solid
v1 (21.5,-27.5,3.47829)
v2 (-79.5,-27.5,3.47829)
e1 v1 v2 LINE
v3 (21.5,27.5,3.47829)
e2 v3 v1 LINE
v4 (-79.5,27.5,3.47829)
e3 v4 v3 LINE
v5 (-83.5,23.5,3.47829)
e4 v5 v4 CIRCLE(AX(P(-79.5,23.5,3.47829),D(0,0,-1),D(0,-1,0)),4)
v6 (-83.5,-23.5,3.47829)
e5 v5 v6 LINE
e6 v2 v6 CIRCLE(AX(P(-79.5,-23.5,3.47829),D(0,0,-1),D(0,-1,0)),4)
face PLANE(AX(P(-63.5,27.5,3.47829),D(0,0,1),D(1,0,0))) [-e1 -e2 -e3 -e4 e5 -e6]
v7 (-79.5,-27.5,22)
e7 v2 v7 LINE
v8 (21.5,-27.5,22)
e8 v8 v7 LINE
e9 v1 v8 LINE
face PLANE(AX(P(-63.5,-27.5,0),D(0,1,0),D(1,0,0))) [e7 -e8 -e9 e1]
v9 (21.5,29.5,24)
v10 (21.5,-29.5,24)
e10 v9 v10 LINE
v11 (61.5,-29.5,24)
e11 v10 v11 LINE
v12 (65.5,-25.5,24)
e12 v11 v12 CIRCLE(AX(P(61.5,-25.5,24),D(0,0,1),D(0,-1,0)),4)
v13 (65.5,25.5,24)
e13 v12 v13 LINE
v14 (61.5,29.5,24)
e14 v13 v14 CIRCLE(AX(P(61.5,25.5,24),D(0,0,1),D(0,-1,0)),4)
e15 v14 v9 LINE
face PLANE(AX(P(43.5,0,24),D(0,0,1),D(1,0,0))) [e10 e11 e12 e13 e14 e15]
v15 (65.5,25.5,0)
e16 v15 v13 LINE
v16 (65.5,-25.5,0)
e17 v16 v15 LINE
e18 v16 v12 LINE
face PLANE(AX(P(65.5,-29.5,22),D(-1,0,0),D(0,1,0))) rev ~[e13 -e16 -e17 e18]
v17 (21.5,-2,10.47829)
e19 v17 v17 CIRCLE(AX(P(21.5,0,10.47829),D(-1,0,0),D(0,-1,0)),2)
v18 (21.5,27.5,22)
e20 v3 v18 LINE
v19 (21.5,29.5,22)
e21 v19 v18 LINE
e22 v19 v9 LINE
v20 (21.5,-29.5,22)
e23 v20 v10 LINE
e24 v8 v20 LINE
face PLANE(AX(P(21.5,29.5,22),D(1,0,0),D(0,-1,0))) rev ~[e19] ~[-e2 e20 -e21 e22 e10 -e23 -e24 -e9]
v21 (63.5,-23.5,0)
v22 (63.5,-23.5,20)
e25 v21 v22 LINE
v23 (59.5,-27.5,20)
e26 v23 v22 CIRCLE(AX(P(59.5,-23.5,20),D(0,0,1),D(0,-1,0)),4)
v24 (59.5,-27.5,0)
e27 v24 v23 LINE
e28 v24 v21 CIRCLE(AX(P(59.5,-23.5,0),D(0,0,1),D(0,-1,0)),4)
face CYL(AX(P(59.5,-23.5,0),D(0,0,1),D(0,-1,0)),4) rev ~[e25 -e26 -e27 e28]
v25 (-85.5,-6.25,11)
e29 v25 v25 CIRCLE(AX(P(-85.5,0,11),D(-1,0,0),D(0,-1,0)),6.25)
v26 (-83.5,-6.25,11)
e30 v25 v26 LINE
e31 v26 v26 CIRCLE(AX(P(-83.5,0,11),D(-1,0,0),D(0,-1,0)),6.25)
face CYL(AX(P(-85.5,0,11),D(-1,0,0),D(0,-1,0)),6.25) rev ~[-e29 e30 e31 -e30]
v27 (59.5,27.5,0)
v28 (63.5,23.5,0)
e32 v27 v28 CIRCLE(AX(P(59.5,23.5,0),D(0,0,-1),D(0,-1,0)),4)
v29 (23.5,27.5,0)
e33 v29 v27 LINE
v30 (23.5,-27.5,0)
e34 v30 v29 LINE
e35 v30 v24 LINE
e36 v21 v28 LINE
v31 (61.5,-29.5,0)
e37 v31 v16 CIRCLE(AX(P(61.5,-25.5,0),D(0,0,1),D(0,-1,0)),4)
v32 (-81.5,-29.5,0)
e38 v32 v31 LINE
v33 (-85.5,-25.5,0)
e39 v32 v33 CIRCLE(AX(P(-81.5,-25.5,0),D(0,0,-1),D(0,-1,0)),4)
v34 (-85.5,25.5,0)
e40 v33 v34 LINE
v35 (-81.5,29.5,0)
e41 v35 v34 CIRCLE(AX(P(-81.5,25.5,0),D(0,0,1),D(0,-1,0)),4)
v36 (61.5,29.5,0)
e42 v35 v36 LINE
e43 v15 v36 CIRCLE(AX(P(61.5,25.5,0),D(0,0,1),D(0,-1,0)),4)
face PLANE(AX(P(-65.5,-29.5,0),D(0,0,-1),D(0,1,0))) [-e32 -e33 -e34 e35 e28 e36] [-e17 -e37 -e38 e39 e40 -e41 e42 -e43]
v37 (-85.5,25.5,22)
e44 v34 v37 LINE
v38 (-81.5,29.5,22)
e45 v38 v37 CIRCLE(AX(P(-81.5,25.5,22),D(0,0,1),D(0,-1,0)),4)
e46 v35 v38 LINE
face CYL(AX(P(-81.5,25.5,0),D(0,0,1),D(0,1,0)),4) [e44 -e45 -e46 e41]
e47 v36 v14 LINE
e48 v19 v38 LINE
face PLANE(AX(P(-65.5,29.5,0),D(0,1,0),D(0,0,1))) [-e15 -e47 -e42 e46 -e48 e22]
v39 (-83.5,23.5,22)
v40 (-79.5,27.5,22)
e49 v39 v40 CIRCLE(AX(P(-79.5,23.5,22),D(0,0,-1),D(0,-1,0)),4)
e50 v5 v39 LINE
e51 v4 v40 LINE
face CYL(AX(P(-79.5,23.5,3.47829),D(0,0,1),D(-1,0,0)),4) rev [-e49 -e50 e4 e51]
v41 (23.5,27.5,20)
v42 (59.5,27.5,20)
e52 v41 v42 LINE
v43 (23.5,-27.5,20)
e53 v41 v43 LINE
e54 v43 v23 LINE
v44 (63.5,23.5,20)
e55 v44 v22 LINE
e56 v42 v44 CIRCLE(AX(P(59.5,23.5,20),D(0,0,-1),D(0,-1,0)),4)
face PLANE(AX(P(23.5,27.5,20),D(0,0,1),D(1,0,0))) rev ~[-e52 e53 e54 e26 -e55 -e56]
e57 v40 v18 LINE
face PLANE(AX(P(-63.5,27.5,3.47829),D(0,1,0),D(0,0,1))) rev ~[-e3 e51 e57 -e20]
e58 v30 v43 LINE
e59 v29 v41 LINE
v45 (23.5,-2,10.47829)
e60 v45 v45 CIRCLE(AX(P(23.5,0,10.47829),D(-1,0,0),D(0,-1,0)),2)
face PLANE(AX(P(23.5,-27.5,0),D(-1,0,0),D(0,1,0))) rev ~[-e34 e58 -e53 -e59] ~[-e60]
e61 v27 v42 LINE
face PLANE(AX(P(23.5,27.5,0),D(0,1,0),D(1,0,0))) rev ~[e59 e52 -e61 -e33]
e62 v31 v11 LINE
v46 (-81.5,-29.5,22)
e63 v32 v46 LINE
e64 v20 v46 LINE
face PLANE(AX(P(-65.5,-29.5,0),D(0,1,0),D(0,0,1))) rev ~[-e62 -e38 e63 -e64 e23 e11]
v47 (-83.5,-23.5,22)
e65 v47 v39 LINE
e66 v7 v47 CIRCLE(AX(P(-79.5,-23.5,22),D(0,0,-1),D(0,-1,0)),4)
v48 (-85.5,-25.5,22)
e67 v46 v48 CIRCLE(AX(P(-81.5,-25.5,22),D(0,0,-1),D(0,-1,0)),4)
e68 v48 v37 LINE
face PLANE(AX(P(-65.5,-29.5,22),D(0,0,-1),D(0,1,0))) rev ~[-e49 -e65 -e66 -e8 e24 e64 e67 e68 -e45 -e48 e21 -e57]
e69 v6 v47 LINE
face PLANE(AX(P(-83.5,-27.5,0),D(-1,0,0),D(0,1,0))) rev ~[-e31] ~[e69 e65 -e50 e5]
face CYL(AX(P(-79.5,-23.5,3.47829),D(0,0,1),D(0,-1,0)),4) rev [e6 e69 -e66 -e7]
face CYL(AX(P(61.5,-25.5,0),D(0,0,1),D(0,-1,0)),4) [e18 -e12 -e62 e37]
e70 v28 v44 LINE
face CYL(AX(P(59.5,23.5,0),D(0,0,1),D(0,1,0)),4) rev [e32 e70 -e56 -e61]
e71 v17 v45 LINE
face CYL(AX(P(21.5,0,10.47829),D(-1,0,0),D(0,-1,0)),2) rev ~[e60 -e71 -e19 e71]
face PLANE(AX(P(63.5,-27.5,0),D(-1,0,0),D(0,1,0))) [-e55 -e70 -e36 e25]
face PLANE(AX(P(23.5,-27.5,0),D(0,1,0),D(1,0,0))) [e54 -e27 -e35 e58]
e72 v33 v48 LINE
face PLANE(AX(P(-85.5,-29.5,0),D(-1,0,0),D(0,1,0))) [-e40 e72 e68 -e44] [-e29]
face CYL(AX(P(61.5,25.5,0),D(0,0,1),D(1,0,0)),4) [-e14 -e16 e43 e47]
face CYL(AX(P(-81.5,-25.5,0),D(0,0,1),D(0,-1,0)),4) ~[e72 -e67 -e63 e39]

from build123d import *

# Parameters (mm, degrees)
F0_W      = 131
F0_H      = 59
F0_W_2    = 85
F0_H_2    = 55
F0_W_3    = 40
F1_DEPTH  = 22
F2_W      = 40
F2_H      = 2
F3_DEPTH  = 55
F4_W      = 85
F4_H      = 3.4782900475
F5_DEPTH  = 55
F7_DEPTH  = 2
F8_R      = 2
F9_DEPTH  = 2
F10_R     = 4
F11_DEPTH = 20
F12_DEPTH = 20
F13_R     = 4
F14_R     = 6.25
F15_DEPTH = 25


with BuildPart() as f1:
    # F0 (on Top) → F1 (new body)
    with BuildSketch(Plane.XY):
        Rectangle(F0_W, F0_H)
        with Locations((-21, 0)):
            Rectangle(F0_W_2, F0_H_2, mode=Mode.SUBTRACT)
        with Locations((43.5, 0)):
            Rectangle(F0_W_3, F0_H_2, mode=Mode.SUBTRACT)
    extrude(amount=F1_DEPTH)

    # F2 (on face) → F3 (join)
    with BuildSketch(Plane.XZ.offset(-27.5)):
        with Locations((43.5, 21)):
            Rectangle(F2_W, F2_H)
    extrude(amount=F3_DEPTH)

    # F4 (on face) → F5 (join)
    with BuildSketch(Plane.XZ.offset(-27.5)):
        with Locations((-21, 1.7391450237)):
            Rectangle(F4_W, F4_H)
    extrude(amount=F5_DEPTH)

    # F6 (on face) → F7 (join)
    with BuildSketch(Plane.XY.offset(22)):
        Polygon((21.5, -29.5), (65.5, -29.5), (65.5, 29.5), (21.5, 29.5), (21.5, 27.5), (21.5, -27.5), align=None)
    extrude(amount=F7_DEPTH)

    # F8 (on face) → F9 (cut)
    with BuildSketch(Plane(origin=(21.5, 0, 0), x_dir=(0, -1, 0), z_dir=(-1, 0, 0))):
        with Locations((0, 10.4782900475)):
            Circle(F8_R)
    extrude(amount=-F9_DEPTH, mode=Mode.SUBTRACT)

    # F10
    f10_edges = [f1.edges().sort_by_distance(p)[0] for p in [
        (65.5, -29.5, 12),
        (65.5, 29.5, 12),
        (63.5, -27.5, 10),
        (63.5, 27.5, 10),
    ]]
    fillet(f10_edges, radius=F10_R)

    # F11 (add): a face of the model
    f11_faces = [f1.faces().sort_by_distance(p)[0] for p in [
        (-65.5, 0, 11),
    ]]
    extrude(f11_faces, amount=F11_DEPTH)

    # F12 (cut): a face of the model
    f12_faces = [f1.faces().sort_by_distance(p)[0] for p in [
        (-63.5, 0, 12.7391450237),
    ]]
    extrude(f12_faces, amount=-F12_DEPTH, mode=Mode.SUBTRACT)

    # F13
    f13_edges = [f1.edges().sort_by_distance(p)[0] for p in [
        (-83.5, 27.5, 12.739145),
        (-85.5, -29.5, 11),
        (-83.5, -27.5, 12.739145),
        (-85.5, 29.5, 11),
    ]]
    fillet(f13_edges, radius=F13_R)

    # F14 (on face) → F15 (cut)
    with BuildSketch(Plane(origin=(-85.5, 0, 0), x_dir=(0, -1, 0), z_dir=(-1, 0, 0))):
        with Locations((0, 11)):
            Circle(F14_R)
    extrude(amount=-F15_DEPTH, mode=Mode.SUBTRACT)


solid = f1.part
